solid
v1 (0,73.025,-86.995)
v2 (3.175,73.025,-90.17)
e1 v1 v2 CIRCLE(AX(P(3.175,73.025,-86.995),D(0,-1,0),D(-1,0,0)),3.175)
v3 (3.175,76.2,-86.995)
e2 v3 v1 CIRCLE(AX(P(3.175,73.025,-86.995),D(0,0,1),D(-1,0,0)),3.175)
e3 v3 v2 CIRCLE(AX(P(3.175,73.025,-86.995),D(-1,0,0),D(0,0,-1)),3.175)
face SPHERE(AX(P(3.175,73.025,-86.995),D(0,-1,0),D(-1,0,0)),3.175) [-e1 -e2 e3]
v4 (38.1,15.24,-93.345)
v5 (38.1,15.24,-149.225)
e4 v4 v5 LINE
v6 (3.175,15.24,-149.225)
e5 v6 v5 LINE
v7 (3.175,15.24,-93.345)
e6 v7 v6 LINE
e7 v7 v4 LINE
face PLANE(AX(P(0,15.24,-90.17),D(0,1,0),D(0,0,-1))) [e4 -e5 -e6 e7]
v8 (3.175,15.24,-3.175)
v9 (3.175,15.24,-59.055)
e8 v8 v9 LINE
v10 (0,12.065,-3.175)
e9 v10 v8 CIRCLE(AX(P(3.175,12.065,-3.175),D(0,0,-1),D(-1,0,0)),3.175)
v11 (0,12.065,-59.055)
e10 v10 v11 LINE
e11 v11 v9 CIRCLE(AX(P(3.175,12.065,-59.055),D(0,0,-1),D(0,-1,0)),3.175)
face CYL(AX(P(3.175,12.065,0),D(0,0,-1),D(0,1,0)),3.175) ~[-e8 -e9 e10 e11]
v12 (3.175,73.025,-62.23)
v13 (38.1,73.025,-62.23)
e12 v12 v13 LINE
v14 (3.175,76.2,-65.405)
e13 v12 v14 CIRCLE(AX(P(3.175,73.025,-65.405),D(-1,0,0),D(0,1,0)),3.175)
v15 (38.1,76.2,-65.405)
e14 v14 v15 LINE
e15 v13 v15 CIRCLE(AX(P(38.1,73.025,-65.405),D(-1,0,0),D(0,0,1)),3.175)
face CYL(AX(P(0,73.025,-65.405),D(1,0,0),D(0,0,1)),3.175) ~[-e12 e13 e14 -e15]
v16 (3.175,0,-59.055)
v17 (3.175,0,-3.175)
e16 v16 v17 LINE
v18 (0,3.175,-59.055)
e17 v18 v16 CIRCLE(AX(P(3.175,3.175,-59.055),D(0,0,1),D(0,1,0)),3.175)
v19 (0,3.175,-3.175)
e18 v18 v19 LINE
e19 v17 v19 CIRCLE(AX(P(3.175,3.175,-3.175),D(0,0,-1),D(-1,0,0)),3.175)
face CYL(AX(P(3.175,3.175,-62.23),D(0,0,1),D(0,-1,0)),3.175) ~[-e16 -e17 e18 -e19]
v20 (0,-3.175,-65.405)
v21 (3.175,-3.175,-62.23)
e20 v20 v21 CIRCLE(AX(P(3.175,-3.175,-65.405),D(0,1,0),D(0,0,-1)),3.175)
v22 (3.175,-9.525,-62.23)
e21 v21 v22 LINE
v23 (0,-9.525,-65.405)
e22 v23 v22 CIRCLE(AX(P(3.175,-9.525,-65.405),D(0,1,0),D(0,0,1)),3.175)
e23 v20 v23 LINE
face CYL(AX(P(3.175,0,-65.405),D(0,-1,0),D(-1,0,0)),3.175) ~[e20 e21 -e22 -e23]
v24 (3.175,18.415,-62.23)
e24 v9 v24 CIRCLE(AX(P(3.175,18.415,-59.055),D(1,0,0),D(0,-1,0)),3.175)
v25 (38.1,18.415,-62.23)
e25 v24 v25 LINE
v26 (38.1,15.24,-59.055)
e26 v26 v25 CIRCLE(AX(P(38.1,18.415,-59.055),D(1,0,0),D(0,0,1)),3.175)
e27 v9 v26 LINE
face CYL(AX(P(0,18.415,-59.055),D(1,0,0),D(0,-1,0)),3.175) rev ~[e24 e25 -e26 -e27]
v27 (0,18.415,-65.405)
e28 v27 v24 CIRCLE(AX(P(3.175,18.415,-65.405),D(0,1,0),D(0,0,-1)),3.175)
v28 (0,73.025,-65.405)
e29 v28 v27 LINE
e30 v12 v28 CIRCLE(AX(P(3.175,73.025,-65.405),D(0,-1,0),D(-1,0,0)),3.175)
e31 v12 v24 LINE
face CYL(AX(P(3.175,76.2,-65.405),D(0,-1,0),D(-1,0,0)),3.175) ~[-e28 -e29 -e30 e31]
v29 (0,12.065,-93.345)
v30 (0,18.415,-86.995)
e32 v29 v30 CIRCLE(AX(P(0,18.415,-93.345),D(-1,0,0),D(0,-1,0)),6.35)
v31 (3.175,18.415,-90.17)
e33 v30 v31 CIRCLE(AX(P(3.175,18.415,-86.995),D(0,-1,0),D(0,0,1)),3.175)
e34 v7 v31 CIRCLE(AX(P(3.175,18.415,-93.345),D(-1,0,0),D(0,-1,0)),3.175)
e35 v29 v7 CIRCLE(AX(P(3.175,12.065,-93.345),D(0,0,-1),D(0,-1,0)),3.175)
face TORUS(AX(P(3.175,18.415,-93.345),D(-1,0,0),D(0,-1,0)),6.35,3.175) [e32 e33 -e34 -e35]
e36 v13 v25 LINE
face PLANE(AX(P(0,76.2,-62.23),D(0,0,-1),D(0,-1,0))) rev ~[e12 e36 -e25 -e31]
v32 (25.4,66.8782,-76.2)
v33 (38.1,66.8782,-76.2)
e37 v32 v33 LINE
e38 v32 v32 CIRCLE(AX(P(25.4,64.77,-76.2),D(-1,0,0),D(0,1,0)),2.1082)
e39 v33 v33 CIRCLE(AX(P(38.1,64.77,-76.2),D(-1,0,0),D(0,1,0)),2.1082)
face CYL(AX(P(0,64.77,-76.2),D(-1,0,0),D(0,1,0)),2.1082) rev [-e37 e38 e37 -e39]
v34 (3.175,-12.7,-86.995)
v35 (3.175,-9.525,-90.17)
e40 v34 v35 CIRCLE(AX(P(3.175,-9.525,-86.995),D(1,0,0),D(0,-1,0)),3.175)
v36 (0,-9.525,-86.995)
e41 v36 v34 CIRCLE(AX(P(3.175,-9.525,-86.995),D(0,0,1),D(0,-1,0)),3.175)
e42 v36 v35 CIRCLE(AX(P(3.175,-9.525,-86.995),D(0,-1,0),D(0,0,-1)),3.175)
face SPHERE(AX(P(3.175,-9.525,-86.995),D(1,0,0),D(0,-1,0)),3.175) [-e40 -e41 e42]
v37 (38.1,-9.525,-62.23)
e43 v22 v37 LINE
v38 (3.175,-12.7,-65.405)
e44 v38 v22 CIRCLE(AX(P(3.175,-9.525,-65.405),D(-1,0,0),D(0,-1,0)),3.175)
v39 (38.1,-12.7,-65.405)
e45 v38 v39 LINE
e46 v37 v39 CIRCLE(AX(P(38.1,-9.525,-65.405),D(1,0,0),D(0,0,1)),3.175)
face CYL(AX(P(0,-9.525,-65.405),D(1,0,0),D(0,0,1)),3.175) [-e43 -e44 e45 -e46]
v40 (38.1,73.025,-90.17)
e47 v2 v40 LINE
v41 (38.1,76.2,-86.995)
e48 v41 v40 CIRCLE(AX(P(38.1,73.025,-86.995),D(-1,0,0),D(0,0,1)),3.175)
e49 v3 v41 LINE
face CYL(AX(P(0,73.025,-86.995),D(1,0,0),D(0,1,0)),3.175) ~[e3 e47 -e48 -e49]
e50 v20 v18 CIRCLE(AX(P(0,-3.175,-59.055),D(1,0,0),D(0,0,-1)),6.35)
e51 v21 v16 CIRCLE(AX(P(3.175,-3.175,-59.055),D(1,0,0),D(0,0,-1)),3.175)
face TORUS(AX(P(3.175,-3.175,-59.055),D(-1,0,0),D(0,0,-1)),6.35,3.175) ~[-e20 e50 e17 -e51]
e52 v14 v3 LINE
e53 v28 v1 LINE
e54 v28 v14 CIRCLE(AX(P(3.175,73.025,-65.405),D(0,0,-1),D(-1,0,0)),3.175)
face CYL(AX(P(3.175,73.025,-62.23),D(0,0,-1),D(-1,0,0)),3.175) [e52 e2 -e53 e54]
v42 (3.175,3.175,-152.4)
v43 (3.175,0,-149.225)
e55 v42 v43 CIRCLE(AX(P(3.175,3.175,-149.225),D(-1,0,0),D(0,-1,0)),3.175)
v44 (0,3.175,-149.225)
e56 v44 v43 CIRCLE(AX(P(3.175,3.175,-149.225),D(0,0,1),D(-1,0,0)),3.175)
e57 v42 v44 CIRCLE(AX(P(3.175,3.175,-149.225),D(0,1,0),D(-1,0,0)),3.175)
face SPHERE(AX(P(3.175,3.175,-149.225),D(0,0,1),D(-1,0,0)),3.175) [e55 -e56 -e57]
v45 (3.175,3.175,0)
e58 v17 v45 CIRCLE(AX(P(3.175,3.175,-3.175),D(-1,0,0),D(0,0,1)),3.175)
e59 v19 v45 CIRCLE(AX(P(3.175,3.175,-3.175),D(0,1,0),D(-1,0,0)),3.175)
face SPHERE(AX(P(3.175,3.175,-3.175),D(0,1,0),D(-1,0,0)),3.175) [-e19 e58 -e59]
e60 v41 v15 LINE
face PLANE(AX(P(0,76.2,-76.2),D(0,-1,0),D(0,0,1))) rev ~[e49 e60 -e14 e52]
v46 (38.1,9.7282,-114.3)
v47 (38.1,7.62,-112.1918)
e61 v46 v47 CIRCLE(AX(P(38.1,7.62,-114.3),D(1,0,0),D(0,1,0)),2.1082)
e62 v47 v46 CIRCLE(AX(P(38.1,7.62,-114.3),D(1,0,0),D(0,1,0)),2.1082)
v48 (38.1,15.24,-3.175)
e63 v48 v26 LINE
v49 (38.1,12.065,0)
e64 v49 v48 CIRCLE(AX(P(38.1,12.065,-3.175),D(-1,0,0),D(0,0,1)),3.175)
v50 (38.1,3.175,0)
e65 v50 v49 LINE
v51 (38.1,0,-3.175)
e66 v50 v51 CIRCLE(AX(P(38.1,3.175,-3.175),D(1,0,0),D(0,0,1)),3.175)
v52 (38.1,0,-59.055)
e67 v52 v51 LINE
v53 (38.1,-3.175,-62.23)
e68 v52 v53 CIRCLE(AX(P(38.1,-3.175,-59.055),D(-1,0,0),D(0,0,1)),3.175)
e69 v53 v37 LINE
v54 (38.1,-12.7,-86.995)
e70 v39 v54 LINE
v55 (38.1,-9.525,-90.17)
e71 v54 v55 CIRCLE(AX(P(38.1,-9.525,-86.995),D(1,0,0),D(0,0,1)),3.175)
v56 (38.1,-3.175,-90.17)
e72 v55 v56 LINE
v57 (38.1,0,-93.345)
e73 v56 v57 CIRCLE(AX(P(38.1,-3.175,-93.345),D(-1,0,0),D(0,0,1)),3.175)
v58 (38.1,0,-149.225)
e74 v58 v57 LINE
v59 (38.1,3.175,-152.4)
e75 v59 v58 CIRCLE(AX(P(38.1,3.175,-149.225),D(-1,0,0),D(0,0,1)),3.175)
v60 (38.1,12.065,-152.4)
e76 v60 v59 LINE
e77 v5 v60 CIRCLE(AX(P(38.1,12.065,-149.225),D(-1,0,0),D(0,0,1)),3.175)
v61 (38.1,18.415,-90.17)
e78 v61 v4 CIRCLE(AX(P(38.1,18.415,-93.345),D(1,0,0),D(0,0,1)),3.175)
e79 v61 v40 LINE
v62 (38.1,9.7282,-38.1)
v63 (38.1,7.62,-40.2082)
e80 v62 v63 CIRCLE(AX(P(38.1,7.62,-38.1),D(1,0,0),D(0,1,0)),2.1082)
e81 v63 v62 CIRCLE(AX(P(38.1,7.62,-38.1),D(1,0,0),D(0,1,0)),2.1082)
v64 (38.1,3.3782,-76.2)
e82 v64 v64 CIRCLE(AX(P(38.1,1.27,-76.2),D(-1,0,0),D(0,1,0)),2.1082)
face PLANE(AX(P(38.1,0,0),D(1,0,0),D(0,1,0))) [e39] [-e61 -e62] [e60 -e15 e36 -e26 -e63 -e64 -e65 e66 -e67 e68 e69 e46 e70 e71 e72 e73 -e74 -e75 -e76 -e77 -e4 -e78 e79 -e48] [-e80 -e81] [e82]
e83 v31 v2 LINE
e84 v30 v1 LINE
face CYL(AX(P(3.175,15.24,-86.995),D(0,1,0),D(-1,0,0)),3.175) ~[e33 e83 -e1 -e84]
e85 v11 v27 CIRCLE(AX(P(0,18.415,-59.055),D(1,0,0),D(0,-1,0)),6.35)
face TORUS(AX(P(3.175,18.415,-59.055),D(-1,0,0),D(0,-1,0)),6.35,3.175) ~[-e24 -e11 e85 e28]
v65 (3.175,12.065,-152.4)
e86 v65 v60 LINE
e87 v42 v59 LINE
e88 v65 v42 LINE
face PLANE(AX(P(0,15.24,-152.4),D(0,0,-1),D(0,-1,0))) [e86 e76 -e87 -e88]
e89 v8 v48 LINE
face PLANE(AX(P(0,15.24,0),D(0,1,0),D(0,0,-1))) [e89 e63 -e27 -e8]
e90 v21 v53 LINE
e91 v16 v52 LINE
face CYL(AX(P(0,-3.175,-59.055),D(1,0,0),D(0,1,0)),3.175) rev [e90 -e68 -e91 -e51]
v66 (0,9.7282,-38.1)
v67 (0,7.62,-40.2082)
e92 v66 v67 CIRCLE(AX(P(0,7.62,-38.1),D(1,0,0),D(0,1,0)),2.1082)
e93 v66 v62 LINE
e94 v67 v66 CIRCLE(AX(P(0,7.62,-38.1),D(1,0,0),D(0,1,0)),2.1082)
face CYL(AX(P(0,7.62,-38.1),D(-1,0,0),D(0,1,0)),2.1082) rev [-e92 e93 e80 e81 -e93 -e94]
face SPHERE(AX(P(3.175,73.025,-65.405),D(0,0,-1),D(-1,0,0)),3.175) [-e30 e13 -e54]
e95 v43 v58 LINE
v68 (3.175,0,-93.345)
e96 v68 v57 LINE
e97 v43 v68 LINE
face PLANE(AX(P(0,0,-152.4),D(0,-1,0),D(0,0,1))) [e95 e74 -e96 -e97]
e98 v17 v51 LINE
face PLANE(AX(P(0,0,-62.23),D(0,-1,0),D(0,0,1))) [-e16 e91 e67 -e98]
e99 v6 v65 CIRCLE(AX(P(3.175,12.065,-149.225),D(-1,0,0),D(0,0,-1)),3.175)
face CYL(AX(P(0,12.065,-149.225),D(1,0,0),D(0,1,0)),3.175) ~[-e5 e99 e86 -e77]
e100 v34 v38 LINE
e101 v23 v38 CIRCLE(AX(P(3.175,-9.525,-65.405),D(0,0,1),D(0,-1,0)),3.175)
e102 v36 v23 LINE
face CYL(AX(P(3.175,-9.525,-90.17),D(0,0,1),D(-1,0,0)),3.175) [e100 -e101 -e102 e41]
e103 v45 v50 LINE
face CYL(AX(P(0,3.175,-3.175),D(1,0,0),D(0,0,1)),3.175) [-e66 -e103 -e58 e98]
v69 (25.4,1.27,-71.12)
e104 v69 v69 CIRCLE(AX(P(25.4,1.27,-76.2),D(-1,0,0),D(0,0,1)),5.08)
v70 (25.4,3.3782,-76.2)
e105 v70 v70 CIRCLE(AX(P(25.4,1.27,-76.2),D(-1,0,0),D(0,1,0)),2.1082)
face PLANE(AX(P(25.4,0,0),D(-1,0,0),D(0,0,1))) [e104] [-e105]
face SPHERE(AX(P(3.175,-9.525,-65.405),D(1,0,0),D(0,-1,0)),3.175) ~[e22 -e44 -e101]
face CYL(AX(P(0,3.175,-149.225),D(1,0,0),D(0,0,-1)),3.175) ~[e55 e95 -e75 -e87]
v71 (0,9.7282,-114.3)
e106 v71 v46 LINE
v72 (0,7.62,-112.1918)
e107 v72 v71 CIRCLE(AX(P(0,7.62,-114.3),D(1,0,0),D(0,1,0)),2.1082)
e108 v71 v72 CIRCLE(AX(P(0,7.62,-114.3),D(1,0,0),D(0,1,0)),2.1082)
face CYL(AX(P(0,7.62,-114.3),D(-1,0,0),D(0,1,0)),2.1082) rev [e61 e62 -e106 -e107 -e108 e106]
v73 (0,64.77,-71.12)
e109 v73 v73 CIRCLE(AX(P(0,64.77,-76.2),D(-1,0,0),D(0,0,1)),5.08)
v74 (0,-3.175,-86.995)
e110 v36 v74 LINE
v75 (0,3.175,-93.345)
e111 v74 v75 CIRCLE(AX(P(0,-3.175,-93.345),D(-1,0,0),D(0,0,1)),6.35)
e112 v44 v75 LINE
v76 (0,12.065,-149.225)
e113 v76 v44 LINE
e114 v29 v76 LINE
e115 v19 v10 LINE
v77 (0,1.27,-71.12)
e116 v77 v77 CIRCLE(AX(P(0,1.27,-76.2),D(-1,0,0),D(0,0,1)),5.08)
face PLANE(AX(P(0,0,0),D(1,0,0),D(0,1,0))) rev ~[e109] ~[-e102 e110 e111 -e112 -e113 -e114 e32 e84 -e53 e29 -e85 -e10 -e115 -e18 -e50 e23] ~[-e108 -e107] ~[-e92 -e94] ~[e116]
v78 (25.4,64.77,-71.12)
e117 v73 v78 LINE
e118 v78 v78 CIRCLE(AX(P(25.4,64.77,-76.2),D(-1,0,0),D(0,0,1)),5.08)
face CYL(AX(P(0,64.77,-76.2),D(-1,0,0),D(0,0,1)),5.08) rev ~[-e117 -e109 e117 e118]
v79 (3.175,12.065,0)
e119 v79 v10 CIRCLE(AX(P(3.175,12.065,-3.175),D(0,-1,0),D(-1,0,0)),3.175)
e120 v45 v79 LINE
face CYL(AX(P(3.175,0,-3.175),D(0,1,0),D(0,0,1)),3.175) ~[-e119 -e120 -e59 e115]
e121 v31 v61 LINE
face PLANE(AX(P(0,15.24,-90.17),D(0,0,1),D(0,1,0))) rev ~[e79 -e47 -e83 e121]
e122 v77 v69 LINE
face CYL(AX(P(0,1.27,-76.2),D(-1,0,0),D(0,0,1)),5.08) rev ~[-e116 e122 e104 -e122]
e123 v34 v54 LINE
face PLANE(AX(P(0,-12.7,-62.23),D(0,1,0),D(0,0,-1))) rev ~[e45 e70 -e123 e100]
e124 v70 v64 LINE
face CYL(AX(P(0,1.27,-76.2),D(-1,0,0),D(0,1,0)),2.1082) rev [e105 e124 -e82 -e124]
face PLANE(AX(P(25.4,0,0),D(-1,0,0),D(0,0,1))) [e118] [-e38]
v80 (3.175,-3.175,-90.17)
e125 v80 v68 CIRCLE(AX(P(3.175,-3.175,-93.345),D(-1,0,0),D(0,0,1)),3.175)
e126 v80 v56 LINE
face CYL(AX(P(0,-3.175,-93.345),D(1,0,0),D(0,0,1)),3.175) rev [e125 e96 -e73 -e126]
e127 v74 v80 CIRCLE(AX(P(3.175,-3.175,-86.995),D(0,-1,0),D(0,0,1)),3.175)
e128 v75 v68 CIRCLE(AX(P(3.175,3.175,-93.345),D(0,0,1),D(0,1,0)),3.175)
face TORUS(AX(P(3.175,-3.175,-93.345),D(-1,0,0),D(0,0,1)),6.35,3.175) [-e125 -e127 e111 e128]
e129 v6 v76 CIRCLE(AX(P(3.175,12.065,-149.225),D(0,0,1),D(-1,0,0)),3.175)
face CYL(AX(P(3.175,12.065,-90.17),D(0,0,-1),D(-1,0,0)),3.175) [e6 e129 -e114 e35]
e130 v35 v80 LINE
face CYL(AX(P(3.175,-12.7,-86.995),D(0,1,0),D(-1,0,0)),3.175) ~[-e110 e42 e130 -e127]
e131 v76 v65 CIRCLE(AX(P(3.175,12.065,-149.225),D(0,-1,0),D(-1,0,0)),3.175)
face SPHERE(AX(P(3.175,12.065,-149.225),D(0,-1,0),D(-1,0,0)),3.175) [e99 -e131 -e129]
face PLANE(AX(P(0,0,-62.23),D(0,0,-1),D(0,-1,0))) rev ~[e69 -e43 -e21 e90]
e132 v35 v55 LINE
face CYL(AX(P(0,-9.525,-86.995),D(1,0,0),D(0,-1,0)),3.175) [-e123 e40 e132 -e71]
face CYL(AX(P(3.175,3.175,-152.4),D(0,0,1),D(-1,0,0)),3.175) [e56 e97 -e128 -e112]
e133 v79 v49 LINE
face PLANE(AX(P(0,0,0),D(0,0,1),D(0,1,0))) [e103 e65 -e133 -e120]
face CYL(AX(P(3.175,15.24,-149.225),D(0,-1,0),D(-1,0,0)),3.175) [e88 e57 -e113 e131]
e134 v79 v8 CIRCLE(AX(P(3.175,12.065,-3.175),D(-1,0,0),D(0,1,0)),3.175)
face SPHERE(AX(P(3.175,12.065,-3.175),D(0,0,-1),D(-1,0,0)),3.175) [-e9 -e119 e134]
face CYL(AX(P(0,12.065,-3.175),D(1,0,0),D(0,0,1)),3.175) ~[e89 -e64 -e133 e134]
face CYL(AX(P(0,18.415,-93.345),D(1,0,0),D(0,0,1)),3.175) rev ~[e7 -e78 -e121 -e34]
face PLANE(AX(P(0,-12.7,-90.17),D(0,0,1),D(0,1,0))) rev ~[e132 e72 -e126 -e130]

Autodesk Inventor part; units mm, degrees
ref_plane "YZ Plane" through (0, 0, 0) normal (1, 0, 0) x (0, 1, 0)
ref_plane "XZ Plane" through (0, 0, 0) normal (0, 1, 0) x (-1, 0, 0)
ref_plane "XY Plane" through (0, 0, 0) normal (0, 0, 1) x (1, 0, 0)
sketch "Sketch1" plane through (0, 0, 0) normal (1, 0, 0) x (0, 1, 0)
  line L0 (0, 0) -> (15.24, 0)
  line L1 (15.24, 0) -> (15.24, -152.4)
  line L2 (15.24, -152.4) -> (0, -152.4)
  line L3 (0, -152.4) -> (0, 0)
  line L4 (15.24, -76.2) -> (0, -76.2)
  line L5 (7.62, -76.2) -> (7.62, -114.3)
  line L6 (7.62, -76.2) -> (7.62, -38.1)
  circle A0 centre (7.62, -38.1) radius 2.1082
  circle A1 centre (7.62, -114.3) radius 2.1082
  line L7 (0, -76.2) -> (76.2, -76.2)
  line L8 (76.2, -76.2) -> (76.2, -90.17)
  line L9 (76.2, -90.17) -> (76.2, -62.23)
  line L10 (76.2, -62.23) -> (0, -62.23)
  line L11 (0, -62.23) -> (0, -90.17)
  line L12 (0, -90.17) -> (76.2, -90.17)
  line L13 (76.2, -90.17) -> (76.2, -62.23)
  line L14 (76.2, -76.2) -> (64.77, -76.2)
  circle A2 centre (64.77, -76.2) radius 2.1082
  line L15 (0, -62.23) -> (-12.7, -62.23)
  line L16 (-12.7, -62.23) -> (-12.7, -90.17)
  line L17 (-12.7, -90.17) -> (0, -90.17)
  line L18 (0, -90.17) -> (0, -62.23)
  line L19 (-12.7, -76.2) -> (1.27, -76.2)
  circle A3 centre (1.27, -76.2) radius 2.1082
  point P0 (15.24, -62.23)
  point P1 (15.24, -90.17)
  point P2 (0, -62.23)
  dimension "d0" = 152.4
  dimension "d1" = 15.24
  dimension "d2" = 38.1
  dimension "d3" = 38.1
  dimension "d4" = 4.2164
  dimension "d5" = 4.2164
  dimension "d6" = 76.2
  dimension "d7" = 13.97
  dimension "d8" = 27.94
  dimension "d12" = 11.43
  dimension "d13" = 4.2164
  dimension "d14" = 12.7
  dimension "d15" = 13.97
  dimension "d16" = 4.2164
extrude "Extrusion1" add sketch "Sketch1" along normal blind 38.1 contours L0 L1 L10 L3 | L10 L6 L4 A3 L3 | L3 A3 L19 L16 L15 | L10 L9 L7 A2 L1 | L1 L4 L6 L10 | L7 A2 L8 L12 L1 | L1 L12 L5 L4 | L4 L5 L12 L3 A3 | A3 L3 L17 L16 L19 | L1 L2 L3 L12
fillet "Fillet1" radius 3.175 24 edges at (0, 15.24, -31.115) (0, 7.62, 0) (0, 0, -121.285) (0, 0, -31.115) (0, 7.62, -152.4) (0, 15.24, -121.285) (0, 45.72, -90.17) (0, 76.2, -83.185) (0, 45.72, -62.23) (19.05, 15.24, 0) (19.05, 76.2, -62.23) (19.05, 15.24, -62.23) (19.05, 76.2, -90.17) (19.05, 15.24, -90.17) (19.05, 15.24, -152.4) (19.05, 0, -152.4) (19.05, 0, 0) (19.05, 0, -62.23) (19.05, -12.7, -62.23) (19.05, -12.7, -90.17) (19.05, 0, -90.17) (0, -12.7, -76.2) (0, -6.35, -62.23) (0, -6.35, -90.17)
sketch "Sketch2" plane through (0, 0, 0) normal (-1, 0, 0) x (0, 0, 1)
  circle A0 centre (-76.2, 1.27) radius 2.1082 projected
  circle A1 centre (-76.2, 1.27) radius 5.08
  circle A2 centre (-76.2, 64.77) radius 2.1082 projected
  circle A3 centre (-76.2, 64.77) radius 5.08
  point P0 (0, 0)
  dimension "d17" = 10.16
  dimension "d18" = 10.16
extrude "Extrusion2" cut sketch "Sketch2" against normal blind 25.4
properties part number "brain mount"
